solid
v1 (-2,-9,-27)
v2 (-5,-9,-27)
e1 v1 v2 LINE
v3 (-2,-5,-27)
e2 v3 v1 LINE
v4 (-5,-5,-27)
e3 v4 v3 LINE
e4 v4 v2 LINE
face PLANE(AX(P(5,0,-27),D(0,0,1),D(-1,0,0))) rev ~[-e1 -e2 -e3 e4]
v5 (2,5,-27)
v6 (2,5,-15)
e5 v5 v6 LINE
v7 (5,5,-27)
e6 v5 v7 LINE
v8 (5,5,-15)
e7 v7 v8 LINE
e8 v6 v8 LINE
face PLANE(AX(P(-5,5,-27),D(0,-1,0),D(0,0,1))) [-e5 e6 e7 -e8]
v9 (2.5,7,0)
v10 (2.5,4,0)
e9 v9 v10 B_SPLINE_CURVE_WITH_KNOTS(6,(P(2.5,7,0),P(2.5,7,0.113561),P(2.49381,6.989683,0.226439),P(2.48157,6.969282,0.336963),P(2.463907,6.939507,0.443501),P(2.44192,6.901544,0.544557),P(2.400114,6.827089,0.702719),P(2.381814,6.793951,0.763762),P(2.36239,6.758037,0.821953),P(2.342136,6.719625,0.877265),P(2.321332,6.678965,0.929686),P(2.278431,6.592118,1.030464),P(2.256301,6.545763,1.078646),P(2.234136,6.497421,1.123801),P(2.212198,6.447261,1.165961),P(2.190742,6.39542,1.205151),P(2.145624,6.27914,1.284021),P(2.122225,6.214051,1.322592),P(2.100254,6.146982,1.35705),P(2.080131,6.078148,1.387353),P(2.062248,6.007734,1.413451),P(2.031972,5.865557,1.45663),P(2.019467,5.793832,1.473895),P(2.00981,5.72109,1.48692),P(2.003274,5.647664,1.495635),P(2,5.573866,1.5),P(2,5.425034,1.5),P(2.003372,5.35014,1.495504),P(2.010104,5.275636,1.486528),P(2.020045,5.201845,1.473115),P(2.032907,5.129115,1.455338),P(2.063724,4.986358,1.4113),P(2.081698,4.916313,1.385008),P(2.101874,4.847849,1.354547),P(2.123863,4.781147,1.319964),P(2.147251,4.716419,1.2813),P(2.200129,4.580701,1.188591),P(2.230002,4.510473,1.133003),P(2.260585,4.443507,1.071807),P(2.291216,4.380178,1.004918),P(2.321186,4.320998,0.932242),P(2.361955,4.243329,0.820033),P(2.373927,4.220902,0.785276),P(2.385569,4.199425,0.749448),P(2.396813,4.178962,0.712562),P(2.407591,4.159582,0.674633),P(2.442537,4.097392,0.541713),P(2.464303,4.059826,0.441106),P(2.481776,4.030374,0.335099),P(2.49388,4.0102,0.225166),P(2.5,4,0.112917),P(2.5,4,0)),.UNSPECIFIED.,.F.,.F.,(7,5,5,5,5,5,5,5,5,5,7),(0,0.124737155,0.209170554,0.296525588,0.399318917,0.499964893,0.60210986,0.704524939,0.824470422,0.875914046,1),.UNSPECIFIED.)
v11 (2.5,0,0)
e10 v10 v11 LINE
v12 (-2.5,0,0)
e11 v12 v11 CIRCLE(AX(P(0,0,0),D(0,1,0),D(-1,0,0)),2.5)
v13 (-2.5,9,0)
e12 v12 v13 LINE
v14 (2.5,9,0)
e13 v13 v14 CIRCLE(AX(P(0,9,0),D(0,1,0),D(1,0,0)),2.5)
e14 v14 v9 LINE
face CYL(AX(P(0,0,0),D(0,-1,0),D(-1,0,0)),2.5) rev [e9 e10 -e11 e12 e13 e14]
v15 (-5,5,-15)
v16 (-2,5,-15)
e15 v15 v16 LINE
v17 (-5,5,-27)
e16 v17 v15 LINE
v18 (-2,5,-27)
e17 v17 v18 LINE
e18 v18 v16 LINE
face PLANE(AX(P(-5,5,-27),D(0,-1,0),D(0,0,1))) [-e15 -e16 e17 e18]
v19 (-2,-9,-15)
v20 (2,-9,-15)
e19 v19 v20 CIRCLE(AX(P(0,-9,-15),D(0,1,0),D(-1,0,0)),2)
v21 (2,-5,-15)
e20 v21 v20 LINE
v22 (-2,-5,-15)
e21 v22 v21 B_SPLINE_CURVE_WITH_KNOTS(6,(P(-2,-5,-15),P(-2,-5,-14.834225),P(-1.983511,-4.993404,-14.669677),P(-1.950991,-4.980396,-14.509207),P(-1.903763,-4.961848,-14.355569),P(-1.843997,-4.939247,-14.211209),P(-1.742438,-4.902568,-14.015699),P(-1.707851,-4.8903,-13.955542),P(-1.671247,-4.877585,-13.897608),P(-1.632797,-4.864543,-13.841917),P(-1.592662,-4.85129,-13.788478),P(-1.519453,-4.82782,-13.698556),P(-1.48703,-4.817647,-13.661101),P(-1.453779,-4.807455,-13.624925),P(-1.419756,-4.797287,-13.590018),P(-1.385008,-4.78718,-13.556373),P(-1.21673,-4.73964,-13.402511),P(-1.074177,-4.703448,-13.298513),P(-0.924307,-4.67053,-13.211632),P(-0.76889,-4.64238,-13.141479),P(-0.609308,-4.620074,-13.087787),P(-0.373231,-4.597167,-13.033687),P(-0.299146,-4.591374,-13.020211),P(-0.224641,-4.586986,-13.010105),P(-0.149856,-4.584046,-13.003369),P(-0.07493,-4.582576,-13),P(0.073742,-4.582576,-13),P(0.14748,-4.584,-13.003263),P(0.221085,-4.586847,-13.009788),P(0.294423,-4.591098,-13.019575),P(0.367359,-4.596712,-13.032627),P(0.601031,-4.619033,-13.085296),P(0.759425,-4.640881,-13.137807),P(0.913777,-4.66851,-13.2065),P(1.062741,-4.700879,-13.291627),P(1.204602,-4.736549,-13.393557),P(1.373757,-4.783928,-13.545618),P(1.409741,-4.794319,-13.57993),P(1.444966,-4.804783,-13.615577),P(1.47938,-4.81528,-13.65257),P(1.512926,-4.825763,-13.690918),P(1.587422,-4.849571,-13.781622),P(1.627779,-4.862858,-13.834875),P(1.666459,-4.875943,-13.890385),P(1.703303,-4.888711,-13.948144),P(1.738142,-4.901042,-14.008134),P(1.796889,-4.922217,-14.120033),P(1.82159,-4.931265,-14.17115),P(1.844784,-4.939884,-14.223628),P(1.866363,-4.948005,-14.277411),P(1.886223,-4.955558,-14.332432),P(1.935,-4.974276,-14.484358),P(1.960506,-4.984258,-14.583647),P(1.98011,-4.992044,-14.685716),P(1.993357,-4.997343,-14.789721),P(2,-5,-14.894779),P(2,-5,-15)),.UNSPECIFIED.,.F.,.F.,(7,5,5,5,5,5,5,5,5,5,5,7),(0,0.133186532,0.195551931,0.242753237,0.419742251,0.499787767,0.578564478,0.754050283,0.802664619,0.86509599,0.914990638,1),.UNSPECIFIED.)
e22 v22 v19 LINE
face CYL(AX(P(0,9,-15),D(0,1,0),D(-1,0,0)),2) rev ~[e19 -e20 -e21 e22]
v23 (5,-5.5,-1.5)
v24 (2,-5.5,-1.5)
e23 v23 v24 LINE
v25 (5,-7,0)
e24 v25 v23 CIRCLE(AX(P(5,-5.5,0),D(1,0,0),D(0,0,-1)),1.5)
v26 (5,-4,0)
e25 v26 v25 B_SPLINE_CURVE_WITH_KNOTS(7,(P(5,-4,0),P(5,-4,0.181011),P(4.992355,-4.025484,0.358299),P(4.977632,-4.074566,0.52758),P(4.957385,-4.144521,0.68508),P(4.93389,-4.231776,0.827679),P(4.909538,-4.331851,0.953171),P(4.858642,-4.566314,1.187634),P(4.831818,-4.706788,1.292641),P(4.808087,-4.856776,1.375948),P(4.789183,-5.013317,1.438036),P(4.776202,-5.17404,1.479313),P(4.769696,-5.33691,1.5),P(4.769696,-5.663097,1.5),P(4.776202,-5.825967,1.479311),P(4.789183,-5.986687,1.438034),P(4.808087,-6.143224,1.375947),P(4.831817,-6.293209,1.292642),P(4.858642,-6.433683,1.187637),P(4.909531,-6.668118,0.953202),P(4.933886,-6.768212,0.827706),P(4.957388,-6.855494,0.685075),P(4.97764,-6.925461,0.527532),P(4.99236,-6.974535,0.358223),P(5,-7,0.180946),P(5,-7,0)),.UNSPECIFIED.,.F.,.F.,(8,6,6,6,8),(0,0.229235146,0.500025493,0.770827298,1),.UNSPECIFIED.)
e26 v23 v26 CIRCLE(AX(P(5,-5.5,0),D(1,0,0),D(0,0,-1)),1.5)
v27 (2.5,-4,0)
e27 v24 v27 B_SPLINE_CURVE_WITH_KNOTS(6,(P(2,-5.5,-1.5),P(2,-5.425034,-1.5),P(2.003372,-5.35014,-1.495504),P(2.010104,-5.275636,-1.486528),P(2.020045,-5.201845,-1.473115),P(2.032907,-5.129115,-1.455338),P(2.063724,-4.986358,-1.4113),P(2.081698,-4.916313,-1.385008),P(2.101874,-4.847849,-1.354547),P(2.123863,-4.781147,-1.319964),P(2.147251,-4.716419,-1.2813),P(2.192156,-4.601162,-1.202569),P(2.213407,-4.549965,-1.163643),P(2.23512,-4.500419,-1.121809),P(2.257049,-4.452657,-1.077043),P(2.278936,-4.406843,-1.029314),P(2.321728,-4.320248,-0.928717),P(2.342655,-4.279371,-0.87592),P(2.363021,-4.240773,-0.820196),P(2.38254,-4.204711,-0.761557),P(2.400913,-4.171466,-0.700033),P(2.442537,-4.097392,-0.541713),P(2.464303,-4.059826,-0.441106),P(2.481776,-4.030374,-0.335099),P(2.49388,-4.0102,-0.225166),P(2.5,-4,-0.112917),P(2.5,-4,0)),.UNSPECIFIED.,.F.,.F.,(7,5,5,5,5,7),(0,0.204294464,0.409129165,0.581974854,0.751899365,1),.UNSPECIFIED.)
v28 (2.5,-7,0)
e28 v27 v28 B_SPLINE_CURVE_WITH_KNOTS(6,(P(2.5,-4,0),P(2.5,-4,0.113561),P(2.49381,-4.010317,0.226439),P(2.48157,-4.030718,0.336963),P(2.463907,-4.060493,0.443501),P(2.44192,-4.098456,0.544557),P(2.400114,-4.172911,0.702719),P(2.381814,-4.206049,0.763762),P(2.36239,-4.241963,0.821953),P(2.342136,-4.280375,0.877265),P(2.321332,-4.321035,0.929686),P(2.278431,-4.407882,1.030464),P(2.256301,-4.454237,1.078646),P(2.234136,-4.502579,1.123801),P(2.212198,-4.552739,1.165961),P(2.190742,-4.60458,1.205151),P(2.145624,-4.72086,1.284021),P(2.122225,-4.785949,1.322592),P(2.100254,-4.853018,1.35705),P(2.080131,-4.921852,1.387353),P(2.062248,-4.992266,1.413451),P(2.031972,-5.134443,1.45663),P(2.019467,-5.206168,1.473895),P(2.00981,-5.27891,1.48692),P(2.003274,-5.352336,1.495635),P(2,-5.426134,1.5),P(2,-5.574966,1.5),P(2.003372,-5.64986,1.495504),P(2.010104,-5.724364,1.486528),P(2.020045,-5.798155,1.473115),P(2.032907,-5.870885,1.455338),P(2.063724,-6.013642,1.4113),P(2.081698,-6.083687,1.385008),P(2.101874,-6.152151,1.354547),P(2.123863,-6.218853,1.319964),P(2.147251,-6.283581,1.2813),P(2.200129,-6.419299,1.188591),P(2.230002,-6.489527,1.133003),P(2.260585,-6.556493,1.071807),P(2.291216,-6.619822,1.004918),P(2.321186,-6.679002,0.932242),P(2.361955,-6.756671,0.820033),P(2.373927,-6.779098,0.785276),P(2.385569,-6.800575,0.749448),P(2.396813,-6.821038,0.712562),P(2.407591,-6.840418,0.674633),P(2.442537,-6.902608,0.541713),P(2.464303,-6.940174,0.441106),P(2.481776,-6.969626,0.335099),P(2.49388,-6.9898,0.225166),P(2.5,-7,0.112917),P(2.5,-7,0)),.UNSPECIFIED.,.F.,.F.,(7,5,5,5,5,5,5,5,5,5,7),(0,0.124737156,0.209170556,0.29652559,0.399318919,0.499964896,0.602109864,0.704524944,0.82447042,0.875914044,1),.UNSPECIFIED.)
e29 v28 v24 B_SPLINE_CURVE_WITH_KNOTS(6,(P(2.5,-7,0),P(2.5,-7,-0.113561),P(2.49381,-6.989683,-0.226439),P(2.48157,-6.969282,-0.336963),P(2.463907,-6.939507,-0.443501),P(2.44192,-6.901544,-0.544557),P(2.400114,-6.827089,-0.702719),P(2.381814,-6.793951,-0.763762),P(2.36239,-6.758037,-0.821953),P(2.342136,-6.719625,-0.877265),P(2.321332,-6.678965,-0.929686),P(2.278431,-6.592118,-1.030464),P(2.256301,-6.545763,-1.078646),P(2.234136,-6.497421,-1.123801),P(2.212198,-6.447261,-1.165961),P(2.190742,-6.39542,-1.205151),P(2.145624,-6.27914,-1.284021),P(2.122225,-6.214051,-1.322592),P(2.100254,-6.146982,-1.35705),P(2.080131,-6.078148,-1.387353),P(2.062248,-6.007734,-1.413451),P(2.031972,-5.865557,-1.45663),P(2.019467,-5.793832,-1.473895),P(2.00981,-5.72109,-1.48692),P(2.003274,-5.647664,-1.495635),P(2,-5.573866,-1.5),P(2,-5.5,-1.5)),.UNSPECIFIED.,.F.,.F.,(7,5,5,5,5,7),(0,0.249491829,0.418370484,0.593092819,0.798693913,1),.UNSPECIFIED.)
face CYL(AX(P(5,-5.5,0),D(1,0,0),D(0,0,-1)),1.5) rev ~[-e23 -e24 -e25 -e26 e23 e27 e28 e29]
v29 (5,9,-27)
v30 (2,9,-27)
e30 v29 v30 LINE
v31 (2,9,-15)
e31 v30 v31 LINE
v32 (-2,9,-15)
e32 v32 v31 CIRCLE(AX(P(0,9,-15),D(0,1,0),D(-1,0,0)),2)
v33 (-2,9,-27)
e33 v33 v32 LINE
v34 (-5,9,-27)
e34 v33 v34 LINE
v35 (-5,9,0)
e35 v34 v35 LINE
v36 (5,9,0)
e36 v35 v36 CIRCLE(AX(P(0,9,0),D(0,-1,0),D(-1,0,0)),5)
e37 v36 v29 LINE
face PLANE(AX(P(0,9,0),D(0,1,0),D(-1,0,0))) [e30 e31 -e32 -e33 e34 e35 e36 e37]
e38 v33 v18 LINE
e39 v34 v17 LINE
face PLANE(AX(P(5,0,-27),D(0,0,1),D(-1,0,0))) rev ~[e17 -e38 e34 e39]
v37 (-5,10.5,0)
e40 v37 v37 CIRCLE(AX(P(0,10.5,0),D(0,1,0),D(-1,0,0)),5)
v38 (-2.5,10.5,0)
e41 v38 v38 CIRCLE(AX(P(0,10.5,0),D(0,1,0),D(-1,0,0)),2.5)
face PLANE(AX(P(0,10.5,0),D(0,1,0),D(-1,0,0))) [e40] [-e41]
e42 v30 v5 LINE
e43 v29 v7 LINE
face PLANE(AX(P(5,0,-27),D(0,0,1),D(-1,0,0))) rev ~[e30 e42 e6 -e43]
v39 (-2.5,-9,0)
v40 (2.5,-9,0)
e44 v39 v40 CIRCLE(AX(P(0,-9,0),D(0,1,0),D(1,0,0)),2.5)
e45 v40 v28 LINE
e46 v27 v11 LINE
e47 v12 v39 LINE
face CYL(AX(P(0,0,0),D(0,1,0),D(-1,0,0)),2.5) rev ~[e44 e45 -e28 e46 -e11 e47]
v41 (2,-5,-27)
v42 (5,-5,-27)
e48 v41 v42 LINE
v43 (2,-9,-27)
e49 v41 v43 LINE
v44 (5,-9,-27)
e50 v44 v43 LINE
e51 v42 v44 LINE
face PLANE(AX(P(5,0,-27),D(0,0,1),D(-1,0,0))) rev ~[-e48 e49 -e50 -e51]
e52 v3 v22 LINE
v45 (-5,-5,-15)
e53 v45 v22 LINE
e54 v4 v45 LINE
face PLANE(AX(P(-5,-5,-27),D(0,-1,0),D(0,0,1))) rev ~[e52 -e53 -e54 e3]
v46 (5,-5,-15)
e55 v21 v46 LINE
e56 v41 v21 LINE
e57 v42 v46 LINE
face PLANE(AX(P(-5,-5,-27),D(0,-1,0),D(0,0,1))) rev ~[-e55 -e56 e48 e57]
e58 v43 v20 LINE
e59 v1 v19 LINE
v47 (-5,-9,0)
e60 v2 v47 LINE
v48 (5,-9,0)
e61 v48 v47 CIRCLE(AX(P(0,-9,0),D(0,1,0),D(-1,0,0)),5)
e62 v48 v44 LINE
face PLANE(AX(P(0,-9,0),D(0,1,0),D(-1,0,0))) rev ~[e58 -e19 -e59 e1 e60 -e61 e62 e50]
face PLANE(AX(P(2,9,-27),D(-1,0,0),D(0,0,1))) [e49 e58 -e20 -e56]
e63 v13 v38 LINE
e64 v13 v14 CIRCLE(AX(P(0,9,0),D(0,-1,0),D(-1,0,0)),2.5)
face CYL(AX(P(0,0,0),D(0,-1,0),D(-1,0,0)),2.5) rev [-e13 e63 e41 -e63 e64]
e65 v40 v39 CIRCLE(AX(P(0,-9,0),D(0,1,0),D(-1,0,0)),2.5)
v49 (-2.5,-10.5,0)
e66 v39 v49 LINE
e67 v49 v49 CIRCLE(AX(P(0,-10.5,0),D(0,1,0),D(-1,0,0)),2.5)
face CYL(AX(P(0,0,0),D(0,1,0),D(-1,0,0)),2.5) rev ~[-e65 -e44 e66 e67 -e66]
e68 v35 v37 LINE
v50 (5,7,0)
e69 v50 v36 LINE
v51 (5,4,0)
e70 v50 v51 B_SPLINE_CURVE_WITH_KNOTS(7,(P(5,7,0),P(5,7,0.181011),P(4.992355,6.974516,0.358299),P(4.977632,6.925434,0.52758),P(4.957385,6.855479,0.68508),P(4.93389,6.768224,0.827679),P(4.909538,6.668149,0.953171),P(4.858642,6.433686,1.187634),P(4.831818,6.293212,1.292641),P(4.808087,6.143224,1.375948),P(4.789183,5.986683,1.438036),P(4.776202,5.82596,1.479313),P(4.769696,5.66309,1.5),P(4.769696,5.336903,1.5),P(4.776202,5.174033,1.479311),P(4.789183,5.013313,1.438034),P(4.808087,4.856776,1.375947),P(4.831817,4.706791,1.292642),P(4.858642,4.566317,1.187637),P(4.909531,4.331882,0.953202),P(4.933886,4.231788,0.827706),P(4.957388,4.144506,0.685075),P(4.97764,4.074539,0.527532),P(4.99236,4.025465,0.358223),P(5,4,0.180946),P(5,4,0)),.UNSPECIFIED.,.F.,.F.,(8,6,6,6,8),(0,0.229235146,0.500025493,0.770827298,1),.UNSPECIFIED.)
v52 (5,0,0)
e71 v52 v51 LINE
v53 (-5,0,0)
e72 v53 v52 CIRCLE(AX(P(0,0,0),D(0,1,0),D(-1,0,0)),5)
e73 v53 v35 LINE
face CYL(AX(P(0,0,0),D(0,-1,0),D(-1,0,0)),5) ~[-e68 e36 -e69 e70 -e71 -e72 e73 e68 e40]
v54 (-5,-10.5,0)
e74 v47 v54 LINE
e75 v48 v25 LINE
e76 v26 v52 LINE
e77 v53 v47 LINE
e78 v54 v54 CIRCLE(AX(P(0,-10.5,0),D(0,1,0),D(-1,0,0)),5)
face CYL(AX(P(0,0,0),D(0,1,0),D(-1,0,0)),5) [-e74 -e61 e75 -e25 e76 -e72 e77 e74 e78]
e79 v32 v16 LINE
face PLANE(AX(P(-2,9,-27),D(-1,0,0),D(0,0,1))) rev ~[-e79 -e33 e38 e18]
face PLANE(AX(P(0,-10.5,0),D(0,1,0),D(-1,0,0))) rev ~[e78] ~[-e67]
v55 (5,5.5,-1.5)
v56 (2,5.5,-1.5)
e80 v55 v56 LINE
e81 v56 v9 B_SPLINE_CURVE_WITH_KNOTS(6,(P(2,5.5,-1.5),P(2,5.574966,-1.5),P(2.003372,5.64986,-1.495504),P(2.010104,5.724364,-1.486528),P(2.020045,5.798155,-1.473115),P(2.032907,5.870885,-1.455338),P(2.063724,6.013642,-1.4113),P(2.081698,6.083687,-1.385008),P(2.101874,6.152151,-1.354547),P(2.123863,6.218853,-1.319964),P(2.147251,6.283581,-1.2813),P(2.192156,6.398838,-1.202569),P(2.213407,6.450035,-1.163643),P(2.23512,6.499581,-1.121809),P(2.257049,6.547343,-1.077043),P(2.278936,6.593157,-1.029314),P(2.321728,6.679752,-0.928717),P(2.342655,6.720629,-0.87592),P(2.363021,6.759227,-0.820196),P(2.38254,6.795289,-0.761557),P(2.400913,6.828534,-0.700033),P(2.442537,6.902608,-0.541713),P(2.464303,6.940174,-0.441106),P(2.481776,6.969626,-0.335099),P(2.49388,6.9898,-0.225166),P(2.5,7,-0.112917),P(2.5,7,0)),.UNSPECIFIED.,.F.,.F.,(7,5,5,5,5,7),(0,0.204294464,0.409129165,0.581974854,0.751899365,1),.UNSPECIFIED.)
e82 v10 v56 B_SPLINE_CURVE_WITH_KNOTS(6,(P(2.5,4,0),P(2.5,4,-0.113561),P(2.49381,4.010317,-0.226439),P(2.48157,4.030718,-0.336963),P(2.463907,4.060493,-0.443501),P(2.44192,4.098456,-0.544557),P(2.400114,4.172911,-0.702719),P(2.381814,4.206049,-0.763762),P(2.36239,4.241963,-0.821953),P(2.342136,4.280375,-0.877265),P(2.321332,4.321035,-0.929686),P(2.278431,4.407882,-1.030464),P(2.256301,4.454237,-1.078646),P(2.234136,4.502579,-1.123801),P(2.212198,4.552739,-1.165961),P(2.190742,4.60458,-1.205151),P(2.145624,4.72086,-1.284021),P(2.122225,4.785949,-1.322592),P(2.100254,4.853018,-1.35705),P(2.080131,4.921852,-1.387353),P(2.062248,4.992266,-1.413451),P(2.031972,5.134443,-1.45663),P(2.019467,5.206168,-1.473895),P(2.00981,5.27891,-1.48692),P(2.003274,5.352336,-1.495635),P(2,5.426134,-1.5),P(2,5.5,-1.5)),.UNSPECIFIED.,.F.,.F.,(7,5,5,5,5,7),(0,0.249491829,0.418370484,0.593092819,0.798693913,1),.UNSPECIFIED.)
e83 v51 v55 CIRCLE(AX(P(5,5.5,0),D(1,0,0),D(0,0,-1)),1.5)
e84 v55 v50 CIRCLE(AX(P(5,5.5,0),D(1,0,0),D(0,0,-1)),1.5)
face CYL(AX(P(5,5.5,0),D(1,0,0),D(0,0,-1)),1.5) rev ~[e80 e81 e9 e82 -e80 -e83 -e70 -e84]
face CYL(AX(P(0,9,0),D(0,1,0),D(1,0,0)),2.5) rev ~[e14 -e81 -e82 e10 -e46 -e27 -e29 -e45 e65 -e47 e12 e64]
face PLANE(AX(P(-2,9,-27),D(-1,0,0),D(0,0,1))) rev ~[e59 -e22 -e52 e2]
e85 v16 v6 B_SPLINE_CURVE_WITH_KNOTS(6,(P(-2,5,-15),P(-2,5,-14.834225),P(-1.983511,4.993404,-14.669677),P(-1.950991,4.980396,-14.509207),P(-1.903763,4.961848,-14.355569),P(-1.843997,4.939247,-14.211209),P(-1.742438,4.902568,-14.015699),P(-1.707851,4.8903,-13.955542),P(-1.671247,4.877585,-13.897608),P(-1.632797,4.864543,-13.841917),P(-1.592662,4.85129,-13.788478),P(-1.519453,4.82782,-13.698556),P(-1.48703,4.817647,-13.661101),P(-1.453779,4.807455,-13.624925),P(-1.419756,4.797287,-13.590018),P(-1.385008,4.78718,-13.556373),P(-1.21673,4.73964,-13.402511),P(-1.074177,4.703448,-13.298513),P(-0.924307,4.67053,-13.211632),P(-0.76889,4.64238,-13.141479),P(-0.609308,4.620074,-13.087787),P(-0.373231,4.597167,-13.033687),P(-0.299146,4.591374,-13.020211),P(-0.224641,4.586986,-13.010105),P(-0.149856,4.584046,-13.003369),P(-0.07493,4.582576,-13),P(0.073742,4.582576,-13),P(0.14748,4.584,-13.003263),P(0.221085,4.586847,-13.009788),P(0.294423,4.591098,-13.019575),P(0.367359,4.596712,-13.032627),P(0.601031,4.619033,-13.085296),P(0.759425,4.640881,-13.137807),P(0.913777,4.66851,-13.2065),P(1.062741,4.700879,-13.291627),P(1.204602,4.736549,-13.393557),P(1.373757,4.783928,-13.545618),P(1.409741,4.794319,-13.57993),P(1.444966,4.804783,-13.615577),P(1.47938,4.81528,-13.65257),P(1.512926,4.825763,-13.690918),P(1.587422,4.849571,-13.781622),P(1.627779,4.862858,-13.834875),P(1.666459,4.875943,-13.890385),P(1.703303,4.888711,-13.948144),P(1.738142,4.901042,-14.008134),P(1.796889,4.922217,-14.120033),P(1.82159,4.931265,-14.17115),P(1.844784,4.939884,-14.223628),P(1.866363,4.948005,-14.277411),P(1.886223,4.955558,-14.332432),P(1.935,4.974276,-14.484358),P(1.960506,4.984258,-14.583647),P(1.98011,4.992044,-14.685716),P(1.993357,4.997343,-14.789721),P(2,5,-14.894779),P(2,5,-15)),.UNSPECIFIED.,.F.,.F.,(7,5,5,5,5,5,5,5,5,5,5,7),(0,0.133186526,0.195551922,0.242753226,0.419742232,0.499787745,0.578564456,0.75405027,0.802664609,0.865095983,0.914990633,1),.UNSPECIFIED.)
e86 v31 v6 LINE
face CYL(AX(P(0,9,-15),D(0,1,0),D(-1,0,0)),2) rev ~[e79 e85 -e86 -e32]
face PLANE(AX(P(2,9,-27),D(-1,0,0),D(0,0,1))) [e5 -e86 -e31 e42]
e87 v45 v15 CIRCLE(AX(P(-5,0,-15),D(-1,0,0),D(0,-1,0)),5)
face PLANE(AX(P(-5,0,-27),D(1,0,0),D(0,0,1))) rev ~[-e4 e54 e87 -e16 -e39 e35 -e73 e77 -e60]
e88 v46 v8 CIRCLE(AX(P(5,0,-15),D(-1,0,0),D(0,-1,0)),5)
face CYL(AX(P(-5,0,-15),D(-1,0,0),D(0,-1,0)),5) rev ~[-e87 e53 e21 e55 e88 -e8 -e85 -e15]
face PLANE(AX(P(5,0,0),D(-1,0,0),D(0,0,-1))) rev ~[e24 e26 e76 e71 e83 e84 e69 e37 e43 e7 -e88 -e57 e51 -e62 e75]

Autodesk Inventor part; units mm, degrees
ref_plane "YZ Plane" through (0, 0, 0) normal (1, 0, 0) x (0, 1, 0)
ref_plane "XZ Plane" through (0, 0, 0) normal (0, 1, 0) x (-1, 0, 0)
ref_plane "XY Plane" through (0, 0, 0) normal (0, 0, 1) x (1, 0, 0)
sketch "Sketch1" plane through (0, 0, 0) normal (0, 1, 0) x (-1, 0, 0)
  circle A0 centre (0, 0) radius 5
  circle A1 centre (0, 0) radius 2.5
extrude "Extrusion1" add sketch "Sketch1" along normal mid plane 21
sketch "Sketch2" plane through (0, 0, 0) normal (0, 1, 0) x (-1, 0, 0)
  circle A0 centre (0, 0) radius 5 construction
  line L0 (5, 0) -> (5, -27) construction
  line L1 (5, 0) -> (-5, 0)
  line L2 (-5, 0) -> (-5, -27)
  line L3 (-5, -27) -> (5, -27)
  line L4 (5, -27) -> (5, 0)
  dimension "d4" = 27
extrude "Extrusion2" add sketch "Sketch2" along normal mid plane 18
sketch "Sketch3" plane through (0, 9, 0) normal (0, 1, 0) x (1, 0, 0)
  circle A0 centre (0, 0) radius 2.5
extrude "Extrusion3" cut sketch "Sketch3" against normal blind 18
sketch "Sketch4" plane through (0, 9, 0) normal (0, 1, 0) x (1, 0, 0)
  line L0 (5, 0) -> (5, 27) projected
  arc A0 (-2, 15) -> (2, 15) centre (0, 15) ccw
  line L1 (2, 27) -> (2, 15)
  line L2 (-2, 27) -> (-2, 15)
  line L3 (2, 27) -> (-2, 27)
  line L4 (5, 27) -> (-5, 27) projected
  point P0 (0, 0)
extrude "Extrusion4" cut sketch "Sketch4" against normal through all
sketch "Sketch5" plane through (-5, -9, 0) normal (-1, 0, 0) x (0, 0, 1)
  line L0 (-27, 18) -> (-27, 14) construction
  line L1 (-27, 14) -> (-27, 4)
  line L2 (-27, 0) -> (-27, 18) projected
  line L3 (-27, 9) -> (-10, 9) construction
  arc A0 (-15, 4) -> (-15, 14) centre (-15, 9) ccw
  line L4 (-27, 14) -> (-15, 14)
  line L5 (-27, 4) -> (-15, 4)
  point P0 (0, 9)
  dimension "d16" = 10
  dimension "d17" = 17
extrude "Extrusion5" cut sketch "Sketch5" against normal through all
sketch "Sketch7" plane through (5, -9, 0) normal (1, 0, 0) x (0, 0, -1)
  line L0 (-5, -1.5) -> (5, -1.5) construction
  line L1 (0, -1.5) -> (0, 3.5) construction
  line L2 (0, 0) -> (0, 18) construction
  line L3 (5, 19.5) -> (-5, 19.5) construction
  line L4 (0, 19.5) -> (0, 14.5) construction
  circle A0 centre (0, 3.5) radius 1.5
  circle A1 centre (0, 14.5) radius 1.5
  point P0 (0, 9)
  dimension "d28" = 5
  dimension "d29" = 5
  dimension "d30" = 3
  dimension "d31" = 3
extrude "Extrusion7" cut sketch "Sketch7" against normal up to surface
properties part number "Forcella"
